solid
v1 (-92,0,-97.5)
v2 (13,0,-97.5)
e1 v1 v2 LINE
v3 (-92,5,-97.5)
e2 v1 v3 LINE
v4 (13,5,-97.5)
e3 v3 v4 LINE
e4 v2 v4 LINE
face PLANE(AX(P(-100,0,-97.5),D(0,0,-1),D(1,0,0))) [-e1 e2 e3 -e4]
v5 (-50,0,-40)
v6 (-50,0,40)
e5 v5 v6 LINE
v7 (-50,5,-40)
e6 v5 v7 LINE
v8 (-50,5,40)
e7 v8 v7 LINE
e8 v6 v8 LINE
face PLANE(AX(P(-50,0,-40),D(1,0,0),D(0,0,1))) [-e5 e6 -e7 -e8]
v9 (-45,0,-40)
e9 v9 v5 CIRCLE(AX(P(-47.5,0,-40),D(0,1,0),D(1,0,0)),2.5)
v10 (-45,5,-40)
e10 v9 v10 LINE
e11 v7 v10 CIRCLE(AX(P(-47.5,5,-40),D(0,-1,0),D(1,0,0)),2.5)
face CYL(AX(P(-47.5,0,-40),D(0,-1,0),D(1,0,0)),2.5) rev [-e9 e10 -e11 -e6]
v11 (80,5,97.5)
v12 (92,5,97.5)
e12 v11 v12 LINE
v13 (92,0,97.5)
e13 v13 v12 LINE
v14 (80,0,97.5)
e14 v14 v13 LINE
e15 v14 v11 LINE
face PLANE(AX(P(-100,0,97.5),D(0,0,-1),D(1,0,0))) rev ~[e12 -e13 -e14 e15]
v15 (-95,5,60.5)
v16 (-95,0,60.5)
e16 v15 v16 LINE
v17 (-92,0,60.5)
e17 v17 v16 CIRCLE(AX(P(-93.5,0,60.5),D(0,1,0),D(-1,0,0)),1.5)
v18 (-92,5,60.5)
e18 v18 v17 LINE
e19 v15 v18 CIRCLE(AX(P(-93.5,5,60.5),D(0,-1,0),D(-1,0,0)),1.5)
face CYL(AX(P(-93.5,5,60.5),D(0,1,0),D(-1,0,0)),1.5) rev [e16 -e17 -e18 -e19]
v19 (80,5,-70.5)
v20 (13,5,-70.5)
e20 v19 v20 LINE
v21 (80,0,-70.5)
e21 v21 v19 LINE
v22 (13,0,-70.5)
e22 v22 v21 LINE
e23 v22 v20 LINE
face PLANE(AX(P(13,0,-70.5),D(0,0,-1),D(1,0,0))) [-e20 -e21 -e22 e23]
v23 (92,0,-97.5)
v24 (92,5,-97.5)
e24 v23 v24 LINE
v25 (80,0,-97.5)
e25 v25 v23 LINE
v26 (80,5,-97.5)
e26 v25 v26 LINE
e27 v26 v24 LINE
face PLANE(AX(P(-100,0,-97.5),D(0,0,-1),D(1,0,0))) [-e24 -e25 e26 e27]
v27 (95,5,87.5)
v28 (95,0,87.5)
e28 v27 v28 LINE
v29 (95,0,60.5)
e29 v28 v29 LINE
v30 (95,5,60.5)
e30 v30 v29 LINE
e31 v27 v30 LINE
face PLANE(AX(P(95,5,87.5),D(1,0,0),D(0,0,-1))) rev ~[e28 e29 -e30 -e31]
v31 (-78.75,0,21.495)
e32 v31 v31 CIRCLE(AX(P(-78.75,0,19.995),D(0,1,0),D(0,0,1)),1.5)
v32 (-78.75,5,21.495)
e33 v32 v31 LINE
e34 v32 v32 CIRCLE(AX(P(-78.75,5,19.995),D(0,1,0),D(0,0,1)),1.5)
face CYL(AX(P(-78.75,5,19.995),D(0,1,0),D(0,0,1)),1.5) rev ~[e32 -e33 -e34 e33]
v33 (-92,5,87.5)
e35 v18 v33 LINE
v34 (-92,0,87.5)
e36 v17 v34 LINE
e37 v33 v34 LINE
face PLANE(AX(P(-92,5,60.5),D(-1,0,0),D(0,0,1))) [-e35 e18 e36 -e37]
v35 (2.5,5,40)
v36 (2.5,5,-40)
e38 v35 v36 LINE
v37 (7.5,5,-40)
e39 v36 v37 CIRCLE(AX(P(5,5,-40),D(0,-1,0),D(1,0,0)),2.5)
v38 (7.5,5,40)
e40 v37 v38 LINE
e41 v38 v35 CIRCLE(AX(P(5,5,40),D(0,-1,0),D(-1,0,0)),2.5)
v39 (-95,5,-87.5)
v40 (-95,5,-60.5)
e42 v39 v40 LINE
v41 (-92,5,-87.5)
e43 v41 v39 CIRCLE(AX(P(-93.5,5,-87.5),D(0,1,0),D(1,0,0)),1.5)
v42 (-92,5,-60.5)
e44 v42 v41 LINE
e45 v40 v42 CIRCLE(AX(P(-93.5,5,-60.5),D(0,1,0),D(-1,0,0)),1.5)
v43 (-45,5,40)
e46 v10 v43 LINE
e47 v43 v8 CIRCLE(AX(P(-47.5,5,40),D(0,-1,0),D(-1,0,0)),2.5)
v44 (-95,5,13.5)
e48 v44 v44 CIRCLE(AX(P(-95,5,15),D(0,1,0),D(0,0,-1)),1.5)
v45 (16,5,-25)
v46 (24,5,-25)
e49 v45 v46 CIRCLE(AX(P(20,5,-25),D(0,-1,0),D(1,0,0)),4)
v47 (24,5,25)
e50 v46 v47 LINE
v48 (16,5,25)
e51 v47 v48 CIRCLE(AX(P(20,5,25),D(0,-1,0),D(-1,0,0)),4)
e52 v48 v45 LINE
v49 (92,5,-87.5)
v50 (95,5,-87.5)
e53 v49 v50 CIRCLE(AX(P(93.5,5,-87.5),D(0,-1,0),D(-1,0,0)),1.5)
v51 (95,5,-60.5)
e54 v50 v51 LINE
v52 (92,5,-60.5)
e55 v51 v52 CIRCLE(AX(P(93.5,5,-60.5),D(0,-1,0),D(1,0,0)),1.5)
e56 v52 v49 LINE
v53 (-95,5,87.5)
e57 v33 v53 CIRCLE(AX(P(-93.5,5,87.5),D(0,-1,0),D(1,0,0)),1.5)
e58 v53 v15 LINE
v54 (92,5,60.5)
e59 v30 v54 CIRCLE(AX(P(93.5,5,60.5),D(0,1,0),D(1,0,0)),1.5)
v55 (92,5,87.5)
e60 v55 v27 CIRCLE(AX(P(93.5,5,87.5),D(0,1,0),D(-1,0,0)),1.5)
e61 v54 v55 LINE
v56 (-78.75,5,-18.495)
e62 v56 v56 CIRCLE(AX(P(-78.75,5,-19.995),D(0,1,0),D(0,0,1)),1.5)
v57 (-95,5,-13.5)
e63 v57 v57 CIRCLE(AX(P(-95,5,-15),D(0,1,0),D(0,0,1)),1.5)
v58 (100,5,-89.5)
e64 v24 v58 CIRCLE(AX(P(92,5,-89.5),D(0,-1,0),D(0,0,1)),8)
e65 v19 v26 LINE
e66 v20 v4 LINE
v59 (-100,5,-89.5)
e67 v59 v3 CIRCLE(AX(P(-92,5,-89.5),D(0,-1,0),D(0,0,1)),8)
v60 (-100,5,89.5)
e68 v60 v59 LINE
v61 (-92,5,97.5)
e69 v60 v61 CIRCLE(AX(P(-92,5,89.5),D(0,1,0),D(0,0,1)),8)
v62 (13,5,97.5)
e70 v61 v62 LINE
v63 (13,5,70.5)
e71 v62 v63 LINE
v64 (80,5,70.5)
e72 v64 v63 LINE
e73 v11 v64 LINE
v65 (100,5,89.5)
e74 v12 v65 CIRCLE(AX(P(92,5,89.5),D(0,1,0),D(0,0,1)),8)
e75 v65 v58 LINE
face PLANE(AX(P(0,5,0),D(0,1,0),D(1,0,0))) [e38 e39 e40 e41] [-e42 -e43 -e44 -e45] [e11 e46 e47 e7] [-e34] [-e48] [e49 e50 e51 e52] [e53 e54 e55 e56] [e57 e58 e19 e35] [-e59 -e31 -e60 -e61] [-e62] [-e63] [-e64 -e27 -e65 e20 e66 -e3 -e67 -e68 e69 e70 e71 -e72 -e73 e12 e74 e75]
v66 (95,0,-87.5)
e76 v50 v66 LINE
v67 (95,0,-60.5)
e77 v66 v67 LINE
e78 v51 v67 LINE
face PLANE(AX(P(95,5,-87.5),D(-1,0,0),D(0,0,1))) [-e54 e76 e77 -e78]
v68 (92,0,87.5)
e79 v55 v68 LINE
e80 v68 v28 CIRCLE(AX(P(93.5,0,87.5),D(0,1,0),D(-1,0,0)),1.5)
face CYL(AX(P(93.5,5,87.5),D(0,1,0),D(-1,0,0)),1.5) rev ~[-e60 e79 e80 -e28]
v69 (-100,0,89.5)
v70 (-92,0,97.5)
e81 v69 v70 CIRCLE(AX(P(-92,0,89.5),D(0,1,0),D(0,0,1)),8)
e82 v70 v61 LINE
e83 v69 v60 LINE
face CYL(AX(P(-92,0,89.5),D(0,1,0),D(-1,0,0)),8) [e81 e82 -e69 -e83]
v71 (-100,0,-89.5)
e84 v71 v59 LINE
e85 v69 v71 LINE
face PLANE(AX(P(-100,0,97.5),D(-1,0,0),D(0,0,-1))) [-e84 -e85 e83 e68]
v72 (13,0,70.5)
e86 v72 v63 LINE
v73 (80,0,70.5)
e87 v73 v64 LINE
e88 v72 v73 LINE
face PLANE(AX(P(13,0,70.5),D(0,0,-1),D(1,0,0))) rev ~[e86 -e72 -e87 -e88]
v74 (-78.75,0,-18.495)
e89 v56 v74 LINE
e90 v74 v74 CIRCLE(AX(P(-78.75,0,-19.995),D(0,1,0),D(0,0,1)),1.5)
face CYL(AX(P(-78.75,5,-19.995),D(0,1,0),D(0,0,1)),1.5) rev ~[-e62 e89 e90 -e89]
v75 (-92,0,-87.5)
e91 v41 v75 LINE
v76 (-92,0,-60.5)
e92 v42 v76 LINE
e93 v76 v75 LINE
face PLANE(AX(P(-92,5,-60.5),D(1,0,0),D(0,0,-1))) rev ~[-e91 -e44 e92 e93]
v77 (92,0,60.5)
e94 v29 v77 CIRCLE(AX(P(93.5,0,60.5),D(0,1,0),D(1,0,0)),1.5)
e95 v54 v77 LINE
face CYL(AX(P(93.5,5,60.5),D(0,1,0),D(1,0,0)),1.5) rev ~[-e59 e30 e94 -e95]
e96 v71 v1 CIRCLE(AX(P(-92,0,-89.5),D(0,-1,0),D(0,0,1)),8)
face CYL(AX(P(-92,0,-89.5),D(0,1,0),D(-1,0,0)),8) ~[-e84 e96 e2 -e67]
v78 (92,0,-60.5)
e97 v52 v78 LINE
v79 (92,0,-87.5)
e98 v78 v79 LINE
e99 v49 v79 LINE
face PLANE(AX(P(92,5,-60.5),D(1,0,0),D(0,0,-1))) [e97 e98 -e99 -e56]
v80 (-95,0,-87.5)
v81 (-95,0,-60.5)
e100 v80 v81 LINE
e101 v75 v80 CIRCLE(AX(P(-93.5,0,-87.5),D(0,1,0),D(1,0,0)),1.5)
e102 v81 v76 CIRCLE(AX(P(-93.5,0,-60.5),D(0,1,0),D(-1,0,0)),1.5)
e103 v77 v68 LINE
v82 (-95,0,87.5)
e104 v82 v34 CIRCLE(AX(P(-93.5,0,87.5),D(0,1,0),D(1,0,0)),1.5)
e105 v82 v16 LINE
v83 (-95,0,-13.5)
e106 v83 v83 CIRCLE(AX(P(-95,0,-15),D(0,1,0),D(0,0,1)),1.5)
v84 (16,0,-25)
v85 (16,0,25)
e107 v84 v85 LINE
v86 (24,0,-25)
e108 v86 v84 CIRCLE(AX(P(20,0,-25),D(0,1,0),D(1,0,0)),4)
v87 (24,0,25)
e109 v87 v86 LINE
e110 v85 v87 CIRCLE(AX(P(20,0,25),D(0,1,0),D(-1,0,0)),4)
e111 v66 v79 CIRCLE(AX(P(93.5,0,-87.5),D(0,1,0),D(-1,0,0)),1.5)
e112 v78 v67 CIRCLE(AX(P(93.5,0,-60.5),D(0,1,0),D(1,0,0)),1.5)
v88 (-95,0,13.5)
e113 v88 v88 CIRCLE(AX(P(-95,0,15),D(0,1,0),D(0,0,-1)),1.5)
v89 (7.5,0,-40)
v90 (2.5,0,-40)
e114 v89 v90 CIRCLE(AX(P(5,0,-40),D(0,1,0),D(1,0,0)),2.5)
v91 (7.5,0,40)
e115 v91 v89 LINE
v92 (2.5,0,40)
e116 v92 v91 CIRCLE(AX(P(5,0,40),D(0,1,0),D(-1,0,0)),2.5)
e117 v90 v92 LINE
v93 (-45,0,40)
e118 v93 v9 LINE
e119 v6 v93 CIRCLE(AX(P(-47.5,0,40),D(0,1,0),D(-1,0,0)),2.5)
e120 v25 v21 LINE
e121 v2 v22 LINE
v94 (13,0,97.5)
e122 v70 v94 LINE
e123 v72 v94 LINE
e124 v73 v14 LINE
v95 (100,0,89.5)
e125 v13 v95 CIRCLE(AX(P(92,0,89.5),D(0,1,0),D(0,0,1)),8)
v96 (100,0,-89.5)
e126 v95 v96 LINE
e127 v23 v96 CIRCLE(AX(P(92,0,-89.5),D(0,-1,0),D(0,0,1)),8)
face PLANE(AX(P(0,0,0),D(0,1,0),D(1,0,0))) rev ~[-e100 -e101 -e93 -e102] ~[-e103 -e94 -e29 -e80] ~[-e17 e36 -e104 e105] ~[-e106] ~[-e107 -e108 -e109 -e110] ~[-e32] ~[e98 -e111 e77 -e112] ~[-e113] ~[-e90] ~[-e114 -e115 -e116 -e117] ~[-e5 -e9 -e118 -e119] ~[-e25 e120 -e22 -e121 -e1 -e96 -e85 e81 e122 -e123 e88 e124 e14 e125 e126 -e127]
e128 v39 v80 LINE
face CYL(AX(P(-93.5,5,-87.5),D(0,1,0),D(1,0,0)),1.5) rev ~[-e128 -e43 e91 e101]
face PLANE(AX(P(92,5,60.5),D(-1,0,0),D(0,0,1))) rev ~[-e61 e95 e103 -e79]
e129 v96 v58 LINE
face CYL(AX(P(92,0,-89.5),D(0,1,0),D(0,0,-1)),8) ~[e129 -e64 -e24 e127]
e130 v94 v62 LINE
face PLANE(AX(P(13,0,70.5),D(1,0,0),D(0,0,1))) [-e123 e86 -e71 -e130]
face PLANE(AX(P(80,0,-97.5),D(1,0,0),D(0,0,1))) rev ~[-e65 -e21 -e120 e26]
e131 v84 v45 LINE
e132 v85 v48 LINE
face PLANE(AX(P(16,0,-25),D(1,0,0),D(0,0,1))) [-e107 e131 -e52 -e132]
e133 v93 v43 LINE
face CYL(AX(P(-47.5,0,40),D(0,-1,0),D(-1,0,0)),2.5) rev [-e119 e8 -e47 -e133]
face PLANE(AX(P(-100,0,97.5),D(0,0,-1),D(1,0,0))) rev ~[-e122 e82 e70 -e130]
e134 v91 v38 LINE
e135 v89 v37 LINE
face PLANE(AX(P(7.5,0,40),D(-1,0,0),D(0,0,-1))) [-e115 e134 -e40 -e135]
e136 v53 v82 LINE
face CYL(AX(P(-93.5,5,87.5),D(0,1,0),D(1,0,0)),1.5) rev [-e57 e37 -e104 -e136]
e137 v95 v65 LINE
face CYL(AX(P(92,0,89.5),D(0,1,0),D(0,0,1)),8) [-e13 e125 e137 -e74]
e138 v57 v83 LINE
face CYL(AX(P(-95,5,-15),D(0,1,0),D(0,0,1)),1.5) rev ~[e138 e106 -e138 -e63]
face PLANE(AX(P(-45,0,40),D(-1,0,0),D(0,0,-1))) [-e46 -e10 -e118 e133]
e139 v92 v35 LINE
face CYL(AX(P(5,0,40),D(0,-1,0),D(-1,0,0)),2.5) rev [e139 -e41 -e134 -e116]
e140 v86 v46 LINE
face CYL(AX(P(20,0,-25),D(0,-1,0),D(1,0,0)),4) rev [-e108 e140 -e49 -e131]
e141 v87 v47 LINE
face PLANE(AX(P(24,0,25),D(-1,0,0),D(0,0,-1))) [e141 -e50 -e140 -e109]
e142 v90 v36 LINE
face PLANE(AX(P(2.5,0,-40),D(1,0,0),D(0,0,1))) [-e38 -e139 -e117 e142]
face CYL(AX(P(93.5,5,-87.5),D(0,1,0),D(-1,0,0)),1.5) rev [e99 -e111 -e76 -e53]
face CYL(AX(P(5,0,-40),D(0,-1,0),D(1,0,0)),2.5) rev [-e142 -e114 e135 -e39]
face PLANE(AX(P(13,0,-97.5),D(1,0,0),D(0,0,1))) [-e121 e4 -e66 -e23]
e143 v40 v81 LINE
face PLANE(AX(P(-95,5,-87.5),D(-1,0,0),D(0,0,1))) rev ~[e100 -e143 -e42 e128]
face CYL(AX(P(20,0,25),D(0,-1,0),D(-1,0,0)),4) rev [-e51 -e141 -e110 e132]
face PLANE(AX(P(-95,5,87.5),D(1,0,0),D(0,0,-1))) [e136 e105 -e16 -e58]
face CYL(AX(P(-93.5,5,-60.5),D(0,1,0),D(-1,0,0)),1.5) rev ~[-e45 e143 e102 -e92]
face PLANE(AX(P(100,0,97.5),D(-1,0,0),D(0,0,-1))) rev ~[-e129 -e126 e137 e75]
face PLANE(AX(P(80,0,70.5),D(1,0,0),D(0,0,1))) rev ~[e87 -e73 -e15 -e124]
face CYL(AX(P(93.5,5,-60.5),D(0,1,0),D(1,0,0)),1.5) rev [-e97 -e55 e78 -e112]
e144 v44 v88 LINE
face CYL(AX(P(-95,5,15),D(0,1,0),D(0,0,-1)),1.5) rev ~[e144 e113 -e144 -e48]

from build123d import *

# Parameters (mm, degrees)
SKETCH2_W           = 200
SKETCH2_H           = 195
BOSS_EXTRUDE1_DEPTH = 5
CUT_EXTRUDE1_DEPTH  = 140.754248594
SKETCH4_W           = 67
SKETCH4_H           = 27
CUT_EXTRUDE2_DEPTH  = 140.754248594
SKETCH8_R           = 1.5
CUT_EXTRUDE6_DEPTH  = 140.754248594
SKETCH9_R           = 1.5
CUT_EXTRUDE7_DEPTH  = 140.754248594
FILLET1_R           = 8


with BuildPart() as part:
    # Sketch2 → Boss-Extrude1 (new body)
    with BuildSketch(Plane(origin=(0, 0, 0), x_dir=(1, 0, 0), z_dir=(0, 1, 0))):
        Rectangle(SKETCH2_W, SKETCH2_H)
    extrude(amount=BOSS_EXTRUDE1_DEPTH)

    # Sketch3 → Cut-Extrude1 (cut, through all)
    with BuildSketch(Plane(origin=(0, 5, 0), x_dir=(1, 0, 0), z_dir=(0, 1, 0))):
        with BuildLine():
            Line((-95, -87.5), (-95, -60.5))
            ThreePointArc((-95, -60.5), (-93.5, -59), (-92, -60.5))
            Line((-92, -60.5), (-92, -87.5))
            ThreePointArc((-92, -87.5), (-93.5, -89), (-95, -87.5))
        make_face()
        with BuildLine():
            Line((-95, 87.5), (-95, 60.5))
            ThreePointArc((-95, 60.5), (-93.5, 59), (-92, 60.5))
            Line((-92, 60.5), (-92, 87.5))
            ThreePointArc((-92, 87.5), (-93.5, 89), (-95, 87.5))
        make_face()
        with BuildLine():
            Line((95, 87.5), (95, 60.5))
            ThreePointArc((95, 60.5), (93.5, 59), (92, 60.5))
            Line((92, 60.5), (92, 87.5))
            ThreePointArc((92, 87.5), (93.5, 89), (95, 87.5))
        make_face()
        with BuildLine():
            Line((95, -87.5), (95, -60.5))
            ThreePointArc((95, -60.5), (93.5, -59), (92, -60.5))
            Line((92, -60.5), (92, -87.5))
            ThreePointArc((92, -87.5), (93.5, -89), (95, -87.5))
        make_face()
    extrude(amount=-CUT_EXTRUDE1_DEPTH, mode=Mode.SUBTRACT)

    # Sketch4 → Cut-Extrude2 (cut, through all)
    with BuildSketch(Plane.XZ):
        with Locations((46.5, -84)):
            Rectangle(SKETCH4_W, SKETCH4_H)
        with Locations((46.5, 84)):
            Rectangle(SKETCH4_W, SKETCH4_H)
        with BuildLine():
            Line((-45, 40), (-45, -40))
            ThreePointArc((-45, -40), (-47.5, -42.5), (-50, -40))
            Line((-50, -40), (-50, 40))
            ThreePointArc((-50, 40), (-47.5, 42.5), (-45, 40))
        make_face()
        with BuildLine():
            Line((24, 25), (24, -25))
            ThreePointArc((24, -25), (20, -29), (16, -25))
            Line((16, -25), (16, 25))
            ThreePointArc((16, 25), (20, 29), (24, 25))
        make_face()
        with BuildLine():
            Line((7.5, 40), (7.5, -40))
            ThreePointArc((7.5, -40), (5, -42.5), (2.5, -40))
            Line((2.5, -40), (2.5, 40))
            ThreePointArc((2.5, 40), (5, 42.5), (7.5, 40))
        make_face()
    extrude(amount=-CUT_EXTRUDE2_DEPTH, mode=Mode.SUBTRACT)

    # Sketch8 → Cut-Extrude6 (cut, through all)
    with BuildSketch(Plane(origin=(0, 5, 0), x_dir=(1, 0, 0), z_dir=(0, 1, 0))):
        with Locations(Location((-78.75, 19.995, 0), (0, 0, 270))):
            Circle(SKETCH8_R)
        with Locations(Location((-78.75, -19.995, 0), (0, 0, 270))):
            Circle(SKETCH8_R)
    extrude(amount=-CUT_EXTRUDE6_DEPTH, mode=Mode.SUBTRACT)

    # Sketch9 → Cut-Extrude7 (cut, through all)
    with BuildSketch(Plane(origin=(0, 5, 0), x_dir=(1, 0, 0), z_dir=(0, 1, 0))):
        with Locations(Location((-95, 15, 0), (0, 0, 270))):
            Circle(SKETCH9_R)
        with Locations(Location((-95, -15, 0), (0, 0, 90))):
            Circle(SKETCH9_R)
    extrude(amount=-CUT_EXTRUDE7_DEPTH, mode=Mode.SUBTRACT)

    # Fillet1
    fillet1_edges = [part.edges().sort_by_distance(p)[0] for p in [
        (100, 2.5, 97.5),
        (-100, 2.5, 97.5),
        (-100, 2.5, -97.5),
        (100, 2.5, -97.5),
    ]]
    fillet(fillet1_edges, radius=FILLET1_R)


solid = part.part
